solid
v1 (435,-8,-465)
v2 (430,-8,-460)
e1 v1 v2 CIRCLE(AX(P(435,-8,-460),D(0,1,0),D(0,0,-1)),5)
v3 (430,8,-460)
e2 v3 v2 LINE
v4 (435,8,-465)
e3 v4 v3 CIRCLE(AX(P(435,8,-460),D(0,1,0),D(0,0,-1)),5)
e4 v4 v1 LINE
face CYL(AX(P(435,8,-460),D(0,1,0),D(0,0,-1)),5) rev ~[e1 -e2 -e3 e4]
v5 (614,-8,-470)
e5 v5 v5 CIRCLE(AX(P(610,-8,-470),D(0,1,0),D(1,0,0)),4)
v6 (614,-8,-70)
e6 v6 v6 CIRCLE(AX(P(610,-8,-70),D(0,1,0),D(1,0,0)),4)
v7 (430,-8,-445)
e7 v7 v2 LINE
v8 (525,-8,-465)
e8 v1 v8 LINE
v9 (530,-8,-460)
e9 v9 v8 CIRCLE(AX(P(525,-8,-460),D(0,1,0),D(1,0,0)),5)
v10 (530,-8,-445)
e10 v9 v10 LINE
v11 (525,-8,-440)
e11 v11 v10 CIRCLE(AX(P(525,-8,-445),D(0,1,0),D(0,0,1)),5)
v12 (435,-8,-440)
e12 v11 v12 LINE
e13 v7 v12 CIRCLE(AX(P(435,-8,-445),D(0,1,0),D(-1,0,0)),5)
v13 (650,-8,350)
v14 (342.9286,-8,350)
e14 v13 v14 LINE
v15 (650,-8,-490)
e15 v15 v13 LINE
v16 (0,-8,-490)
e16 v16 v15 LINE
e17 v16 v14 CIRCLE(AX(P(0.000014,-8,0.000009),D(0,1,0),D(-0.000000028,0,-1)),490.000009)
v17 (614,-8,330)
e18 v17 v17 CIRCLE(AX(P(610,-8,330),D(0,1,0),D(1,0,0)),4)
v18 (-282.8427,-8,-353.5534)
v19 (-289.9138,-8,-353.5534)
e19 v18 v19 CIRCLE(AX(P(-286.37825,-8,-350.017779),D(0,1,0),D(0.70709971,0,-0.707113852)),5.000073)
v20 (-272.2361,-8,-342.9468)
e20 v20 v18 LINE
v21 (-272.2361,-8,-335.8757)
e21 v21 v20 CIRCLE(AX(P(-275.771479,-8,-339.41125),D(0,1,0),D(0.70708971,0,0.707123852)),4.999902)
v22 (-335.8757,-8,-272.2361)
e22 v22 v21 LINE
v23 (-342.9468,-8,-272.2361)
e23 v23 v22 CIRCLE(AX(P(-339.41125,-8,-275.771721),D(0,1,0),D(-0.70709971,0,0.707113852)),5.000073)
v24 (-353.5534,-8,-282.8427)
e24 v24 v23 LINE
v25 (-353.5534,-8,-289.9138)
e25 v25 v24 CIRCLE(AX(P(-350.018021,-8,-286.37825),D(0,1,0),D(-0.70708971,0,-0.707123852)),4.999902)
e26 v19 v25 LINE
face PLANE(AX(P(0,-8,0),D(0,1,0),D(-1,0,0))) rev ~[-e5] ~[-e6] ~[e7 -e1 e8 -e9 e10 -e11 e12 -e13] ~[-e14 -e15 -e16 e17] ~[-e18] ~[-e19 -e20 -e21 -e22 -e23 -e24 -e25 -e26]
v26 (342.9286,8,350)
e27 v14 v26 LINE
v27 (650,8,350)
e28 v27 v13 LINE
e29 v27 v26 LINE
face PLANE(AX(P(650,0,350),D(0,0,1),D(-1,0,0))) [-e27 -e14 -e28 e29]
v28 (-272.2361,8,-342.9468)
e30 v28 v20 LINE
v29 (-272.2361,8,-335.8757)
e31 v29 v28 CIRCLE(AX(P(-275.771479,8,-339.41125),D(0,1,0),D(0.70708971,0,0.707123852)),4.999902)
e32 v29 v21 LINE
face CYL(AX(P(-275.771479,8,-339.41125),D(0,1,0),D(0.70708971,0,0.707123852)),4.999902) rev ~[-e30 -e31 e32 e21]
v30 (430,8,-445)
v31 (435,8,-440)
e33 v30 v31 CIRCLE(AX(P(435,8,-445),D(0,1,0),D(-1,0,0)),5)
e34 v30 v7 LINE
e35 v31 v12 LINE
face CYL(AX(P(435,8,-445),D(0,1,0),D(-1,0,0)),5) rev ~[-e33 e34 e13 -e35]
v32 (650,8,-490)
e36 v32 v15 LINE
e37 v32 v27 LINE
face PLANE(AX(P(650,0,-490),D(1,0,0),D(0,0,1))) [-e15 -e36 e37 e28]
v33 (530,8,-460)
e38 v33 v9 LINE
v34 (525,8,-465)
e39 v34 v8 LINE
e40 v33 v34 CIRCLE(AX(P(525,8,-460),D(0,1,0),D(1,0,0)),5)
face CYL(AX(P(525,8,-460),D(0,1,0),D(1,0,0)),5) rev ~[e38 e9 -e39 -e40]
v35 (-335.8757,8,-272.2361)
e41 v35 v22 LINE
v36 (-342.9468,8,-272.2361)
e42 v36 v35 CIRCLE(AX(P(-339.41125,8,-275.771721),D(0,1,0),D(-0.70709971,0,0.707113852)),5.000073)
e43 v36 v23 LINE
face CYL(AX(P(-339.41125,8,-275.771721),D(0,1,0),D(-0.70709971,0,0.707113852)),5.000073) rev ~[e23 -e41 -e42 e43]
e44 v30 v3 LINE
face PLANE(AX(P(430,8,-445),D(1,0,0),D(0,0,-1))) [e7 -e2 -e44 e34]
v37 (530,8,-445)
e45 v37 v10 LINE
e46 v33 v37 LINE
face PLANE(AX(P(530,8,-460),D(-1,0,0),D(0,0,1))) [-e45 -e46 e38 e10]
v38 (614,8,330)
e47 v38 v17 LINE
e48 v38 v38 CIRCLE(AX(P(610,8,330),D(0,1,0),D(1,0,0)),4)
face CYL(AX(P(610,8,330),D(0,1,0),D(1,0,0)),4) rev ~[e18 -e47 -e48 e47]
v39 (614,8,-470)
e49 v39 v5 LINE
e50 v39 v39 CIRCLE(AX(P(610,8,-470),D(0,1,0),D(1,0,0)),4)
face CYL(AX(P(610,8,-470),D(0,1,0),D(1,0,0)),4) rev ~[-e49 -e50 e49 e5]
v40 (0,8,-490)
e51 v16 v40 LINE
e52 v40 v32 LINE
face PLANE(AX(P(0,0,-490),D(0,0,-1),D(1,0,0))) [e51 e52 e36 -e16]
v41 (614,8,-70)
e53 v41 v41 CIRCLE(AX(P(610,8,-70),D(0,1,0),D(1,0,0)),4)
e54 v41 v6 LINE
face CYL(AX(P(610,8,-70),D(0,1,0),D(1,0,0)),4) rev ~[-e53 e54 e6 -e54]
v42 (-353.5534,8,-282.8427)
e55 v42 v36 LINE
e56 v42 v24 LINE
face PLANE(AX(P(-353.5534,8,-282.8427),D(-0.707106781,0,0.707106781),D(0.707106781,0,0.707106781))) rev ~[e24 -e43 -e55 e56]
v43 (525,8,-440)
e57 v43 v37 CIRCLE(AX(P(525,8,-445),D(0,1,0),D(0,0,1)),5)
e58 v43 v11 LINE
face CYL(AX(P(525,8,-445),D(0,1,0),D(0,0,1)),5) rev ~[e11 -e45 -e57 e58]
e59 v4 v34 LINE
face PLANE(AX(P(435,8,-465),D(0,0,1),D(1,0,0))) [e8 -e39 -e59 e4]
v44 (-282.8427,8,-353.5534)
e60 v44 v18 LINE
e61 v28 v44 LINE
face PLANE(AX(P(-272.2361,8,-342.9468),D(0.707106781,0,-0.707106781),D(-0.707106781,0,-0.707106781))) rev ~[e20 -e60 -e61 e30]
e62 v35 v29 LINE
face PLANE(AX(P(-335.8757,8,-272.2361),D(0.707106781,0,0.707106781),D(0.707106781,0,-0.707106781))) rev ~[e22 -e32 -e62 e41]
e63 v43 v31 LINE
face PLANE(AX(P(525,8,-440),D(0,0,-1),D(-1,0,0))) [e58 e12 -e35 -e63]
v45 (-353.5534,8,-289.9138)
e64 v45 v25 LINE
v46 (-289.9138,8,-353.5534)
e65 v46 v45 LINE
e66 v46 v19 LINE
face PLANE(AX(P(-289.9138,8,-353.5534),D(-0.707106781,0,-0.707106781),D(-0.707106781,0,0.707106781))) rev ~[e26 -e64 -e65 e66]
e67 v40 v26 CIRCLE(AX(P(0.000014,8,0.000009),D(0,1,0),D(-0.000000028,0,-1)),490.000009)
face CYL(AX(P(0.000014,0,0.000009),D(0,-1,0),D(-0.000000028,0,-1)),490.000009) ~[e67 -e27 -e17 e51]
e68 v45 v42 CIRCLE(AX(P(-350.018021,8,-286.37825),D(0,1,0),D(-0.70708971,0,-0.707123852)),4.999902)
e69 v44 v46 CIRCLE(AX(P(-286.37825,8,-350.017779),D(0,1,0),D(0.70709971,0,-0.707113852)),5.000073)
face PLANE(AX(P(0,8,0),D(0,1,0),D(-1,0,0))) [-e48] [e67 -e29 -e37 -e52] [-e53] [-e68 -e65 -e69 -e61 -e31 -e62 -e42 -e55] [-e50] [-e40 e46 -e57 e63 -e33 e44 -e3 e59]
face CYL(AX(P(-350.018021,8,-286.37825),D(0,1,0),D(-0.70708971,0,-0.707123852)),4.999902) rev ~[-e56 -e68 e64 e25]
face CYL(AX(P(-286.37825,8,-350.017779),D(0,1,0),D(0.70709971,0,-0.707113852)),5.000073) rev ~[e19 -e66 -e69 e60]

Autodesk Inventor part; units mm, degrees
ref_plane "YZ Plane" through (0, 0, 0) normal (1, 0, 0) x (0, 1, 0)
ref_plane "XZ Plane" through (0, 0, 0) normal (0, 1, 0) x (-1, 0, 0)
ref_plane "XY Plane" through (0, 0, 0) normal (0, 0, 1) x (1, 0, 0)
sketch "Sketch1" plane through (0, 0, 0) normal (0, 1, 0) x (-1, 0, 0)
  arc A0 (0, -490) -> (-342.9286, 350) centre (0, 0) ccw
  line L0 (0, -490) -> (-650, -490)
  line L1 (-650, -490) -> (-650, 350)
  line L2 (-650, 350) -> (-342.9286, 350)
  dimension "d1" = 980
  dimension "d2" = 350
  dimension "d3" = 650
extrude "Extrusion1" add sketch "Sketch1" along normal mid plane 16
sketch "Sketch2" plane through (0, 8, 0) normal (0, 1, 0) x (1, 0, 0)
  arc A0 (0, 490) -> (342.9286, -350) centre (0, 0) ccw projected
  line L0 (650, -350) -> (650, 490) projected
  line L1 (650, 490) -> (0, 490) projected
  line L2 (435, 465) -> (525, 465)
  line L3 (530, 460) -> (530, 445)
  line L4 (525, 440) -> (435, 440)
  line L5 (430, 445) -> (430, 460)
  arc A1 (435, 465) -> (430, 460) centre (435, 460) ccw
  arc A2 (430, 445) -> (435, 440) centre (435, 445) ccw
  arc A3 (525, 440) -> (530, 445) centre (525, 445) ccw
  arc A4 (530, 460) -> (525, 465) centre (525, 460) ccw
  line L6 (0, 0) -> (-346.4823, 346.4823) construction
  line L7 (-289.9138, 353.5534) -> (-353.5534, 289.9138)
  line L8 (-353.5534, 282.8427) -> (-342.9468, 272.2361)
  line L9 (-335.8757, 272.2361) -> (-272.2361, 335.8757)
  line L10 (-272.2361, 342.9468) -> (-282.8427, 353.5534)
  arc A5 (-353.5534, 289.9138) -> (-353.5534, 282.8427) centre (-350.0179, 286.3782) ccw
  arc A6 (-342.9468, 272.2361) -> (-335.8757, 272.2361) centre (-339.4113, 275.7716) ccw
  arc A7 (-272.2361, 335.8757) -> (-272.2361, 342.9468) centre (-275.7716, 339.4113) ccw
  arc A8 (-282.8427, 353.5534) -> (-289.9138, 353.5534) centre (-286.3782, 350.0179) ccw
  point P0 (430, 465)
  point P1 (530, 465)
  point P2 (430, 440)
  dimension "d6" = 100
  dimension "d7" = 25
  dimension "d8" = 25
  dimension "d9" = 120
  dimension "d10" = 5
  dimension "d11" = 45
  dimension "d15" = 25
  dimension "d16" = 100
  dimension "d17" = 430
  dimension "d18" = 90
  dimension "d19" = 5
extrude "Extrusion2" cut sketch "Sketch2" against normal through all
sketch "Sketch3" plane through (0, 8, 0) normal (0, 1, 0) x (1, 0, 0)
  circle A0 centre (610, 470) radius 4
  circle A1 centre (610, -330) radius 4
  circle A2 centre (610, 70) radius 4
  circle A3 centre (610, 470) radius 2.75 projected
  circle A4 centre (610, 70) radius 2.75 projected
  circle A5 centre (610, -330) radius 2.75 projected
  dimension "d22" = 8
extrude "Extrusion3" cut sketch "Sketch3" against normal through all contours A0 | A1 | A2 | A3 | A4 | A5
ref_plane "Work Plane1" through (0, 0, 0) normal (-0.7071, 0, -0.7071) x (-0.7071, 0, 0.7071)
ref_plane "Work Plane2" through (500, 8, 350) normal (1, 0, 0) x (0, 0, -1)
ref_plane "Work Plane3" through (342.9286, 8, 180) normal (0, 0, 1) x (1, 0, 0)
sketch "Sketch5" plane through (0, -8, 0) normal (0, -1, 0) x (1, 0, 0)
  circle A0 centre (610, 330) radius 4 projected
  circle A1 centre (610, -470) radius 4 projected
  circle A2 centre (610, -70) radius 4 projected
  arc A3 (435, -440) -> (430, -445) centre (435, -445) ccw projected
  line L0 (435, -440) -> (525, -440) projected
  arc A4 (530, -445) -> (525, -440) centre (525, -445) ccw projected
  line L1 (530, -445) -> (530, -460) projected
  arc A5 (525, -465) -> (530, -460) centre (525, -460) ccw projected
  line L2 (525, -465) -> (435, -465) projected
  arc A6 (430, -460) -> (435, -465) centre (435, -460) ccw projected
  line L3 (430, -460) -> (430, -445) projected
  arc A7 (-335.8757, -272.2361) -> (-342.9468, -272.2361) centre (-339.4113, -275.7716) ccw projected
  line L4 (-335.8757, -272.2361) -> (-272.2361, -335.8757) projected
  arc A8 (-272.2361, -342.9468) -> (-272.2361, -335.8757) centre (-275.7716, -339.4113) ccw projected
  line L5 (-272.2361, -342.9468) -> (-282.8427, -353.5534) projected
  arc A9 (-289.9138, -353.5534) -> (-282.8427, -353.5534) centre (-286.3782, -350.0179) ccw projected
  line L6 (-289.9138, -353.5534) -> (-353.5534, -289.9138) projected
  arc A10 (-353.5534, -282.8427) -> (-353.5534, -289.9138) centre (-350.0179, -286.3782) ccw projected
  line L7 (-353.5534, -282.8427) -> (-342.9468, -272.2361) projected
  arc A11 (342.9286, 350) -> (0, -490) centre (0, 0) ccw projected
  line L8 (0, -490) -> (650, -490) projected
  line L9 (650, -490) -> (650, 350) projected
  line L10 (650, 350) -> (342.9286, 350) projected
  line L11 (0, 0) -> (650, 0) construction
  line L12 (0, 0) -> (0, -490) construction
properties part number "Base_Left" material "MDF Medium Density Fiberboard"
